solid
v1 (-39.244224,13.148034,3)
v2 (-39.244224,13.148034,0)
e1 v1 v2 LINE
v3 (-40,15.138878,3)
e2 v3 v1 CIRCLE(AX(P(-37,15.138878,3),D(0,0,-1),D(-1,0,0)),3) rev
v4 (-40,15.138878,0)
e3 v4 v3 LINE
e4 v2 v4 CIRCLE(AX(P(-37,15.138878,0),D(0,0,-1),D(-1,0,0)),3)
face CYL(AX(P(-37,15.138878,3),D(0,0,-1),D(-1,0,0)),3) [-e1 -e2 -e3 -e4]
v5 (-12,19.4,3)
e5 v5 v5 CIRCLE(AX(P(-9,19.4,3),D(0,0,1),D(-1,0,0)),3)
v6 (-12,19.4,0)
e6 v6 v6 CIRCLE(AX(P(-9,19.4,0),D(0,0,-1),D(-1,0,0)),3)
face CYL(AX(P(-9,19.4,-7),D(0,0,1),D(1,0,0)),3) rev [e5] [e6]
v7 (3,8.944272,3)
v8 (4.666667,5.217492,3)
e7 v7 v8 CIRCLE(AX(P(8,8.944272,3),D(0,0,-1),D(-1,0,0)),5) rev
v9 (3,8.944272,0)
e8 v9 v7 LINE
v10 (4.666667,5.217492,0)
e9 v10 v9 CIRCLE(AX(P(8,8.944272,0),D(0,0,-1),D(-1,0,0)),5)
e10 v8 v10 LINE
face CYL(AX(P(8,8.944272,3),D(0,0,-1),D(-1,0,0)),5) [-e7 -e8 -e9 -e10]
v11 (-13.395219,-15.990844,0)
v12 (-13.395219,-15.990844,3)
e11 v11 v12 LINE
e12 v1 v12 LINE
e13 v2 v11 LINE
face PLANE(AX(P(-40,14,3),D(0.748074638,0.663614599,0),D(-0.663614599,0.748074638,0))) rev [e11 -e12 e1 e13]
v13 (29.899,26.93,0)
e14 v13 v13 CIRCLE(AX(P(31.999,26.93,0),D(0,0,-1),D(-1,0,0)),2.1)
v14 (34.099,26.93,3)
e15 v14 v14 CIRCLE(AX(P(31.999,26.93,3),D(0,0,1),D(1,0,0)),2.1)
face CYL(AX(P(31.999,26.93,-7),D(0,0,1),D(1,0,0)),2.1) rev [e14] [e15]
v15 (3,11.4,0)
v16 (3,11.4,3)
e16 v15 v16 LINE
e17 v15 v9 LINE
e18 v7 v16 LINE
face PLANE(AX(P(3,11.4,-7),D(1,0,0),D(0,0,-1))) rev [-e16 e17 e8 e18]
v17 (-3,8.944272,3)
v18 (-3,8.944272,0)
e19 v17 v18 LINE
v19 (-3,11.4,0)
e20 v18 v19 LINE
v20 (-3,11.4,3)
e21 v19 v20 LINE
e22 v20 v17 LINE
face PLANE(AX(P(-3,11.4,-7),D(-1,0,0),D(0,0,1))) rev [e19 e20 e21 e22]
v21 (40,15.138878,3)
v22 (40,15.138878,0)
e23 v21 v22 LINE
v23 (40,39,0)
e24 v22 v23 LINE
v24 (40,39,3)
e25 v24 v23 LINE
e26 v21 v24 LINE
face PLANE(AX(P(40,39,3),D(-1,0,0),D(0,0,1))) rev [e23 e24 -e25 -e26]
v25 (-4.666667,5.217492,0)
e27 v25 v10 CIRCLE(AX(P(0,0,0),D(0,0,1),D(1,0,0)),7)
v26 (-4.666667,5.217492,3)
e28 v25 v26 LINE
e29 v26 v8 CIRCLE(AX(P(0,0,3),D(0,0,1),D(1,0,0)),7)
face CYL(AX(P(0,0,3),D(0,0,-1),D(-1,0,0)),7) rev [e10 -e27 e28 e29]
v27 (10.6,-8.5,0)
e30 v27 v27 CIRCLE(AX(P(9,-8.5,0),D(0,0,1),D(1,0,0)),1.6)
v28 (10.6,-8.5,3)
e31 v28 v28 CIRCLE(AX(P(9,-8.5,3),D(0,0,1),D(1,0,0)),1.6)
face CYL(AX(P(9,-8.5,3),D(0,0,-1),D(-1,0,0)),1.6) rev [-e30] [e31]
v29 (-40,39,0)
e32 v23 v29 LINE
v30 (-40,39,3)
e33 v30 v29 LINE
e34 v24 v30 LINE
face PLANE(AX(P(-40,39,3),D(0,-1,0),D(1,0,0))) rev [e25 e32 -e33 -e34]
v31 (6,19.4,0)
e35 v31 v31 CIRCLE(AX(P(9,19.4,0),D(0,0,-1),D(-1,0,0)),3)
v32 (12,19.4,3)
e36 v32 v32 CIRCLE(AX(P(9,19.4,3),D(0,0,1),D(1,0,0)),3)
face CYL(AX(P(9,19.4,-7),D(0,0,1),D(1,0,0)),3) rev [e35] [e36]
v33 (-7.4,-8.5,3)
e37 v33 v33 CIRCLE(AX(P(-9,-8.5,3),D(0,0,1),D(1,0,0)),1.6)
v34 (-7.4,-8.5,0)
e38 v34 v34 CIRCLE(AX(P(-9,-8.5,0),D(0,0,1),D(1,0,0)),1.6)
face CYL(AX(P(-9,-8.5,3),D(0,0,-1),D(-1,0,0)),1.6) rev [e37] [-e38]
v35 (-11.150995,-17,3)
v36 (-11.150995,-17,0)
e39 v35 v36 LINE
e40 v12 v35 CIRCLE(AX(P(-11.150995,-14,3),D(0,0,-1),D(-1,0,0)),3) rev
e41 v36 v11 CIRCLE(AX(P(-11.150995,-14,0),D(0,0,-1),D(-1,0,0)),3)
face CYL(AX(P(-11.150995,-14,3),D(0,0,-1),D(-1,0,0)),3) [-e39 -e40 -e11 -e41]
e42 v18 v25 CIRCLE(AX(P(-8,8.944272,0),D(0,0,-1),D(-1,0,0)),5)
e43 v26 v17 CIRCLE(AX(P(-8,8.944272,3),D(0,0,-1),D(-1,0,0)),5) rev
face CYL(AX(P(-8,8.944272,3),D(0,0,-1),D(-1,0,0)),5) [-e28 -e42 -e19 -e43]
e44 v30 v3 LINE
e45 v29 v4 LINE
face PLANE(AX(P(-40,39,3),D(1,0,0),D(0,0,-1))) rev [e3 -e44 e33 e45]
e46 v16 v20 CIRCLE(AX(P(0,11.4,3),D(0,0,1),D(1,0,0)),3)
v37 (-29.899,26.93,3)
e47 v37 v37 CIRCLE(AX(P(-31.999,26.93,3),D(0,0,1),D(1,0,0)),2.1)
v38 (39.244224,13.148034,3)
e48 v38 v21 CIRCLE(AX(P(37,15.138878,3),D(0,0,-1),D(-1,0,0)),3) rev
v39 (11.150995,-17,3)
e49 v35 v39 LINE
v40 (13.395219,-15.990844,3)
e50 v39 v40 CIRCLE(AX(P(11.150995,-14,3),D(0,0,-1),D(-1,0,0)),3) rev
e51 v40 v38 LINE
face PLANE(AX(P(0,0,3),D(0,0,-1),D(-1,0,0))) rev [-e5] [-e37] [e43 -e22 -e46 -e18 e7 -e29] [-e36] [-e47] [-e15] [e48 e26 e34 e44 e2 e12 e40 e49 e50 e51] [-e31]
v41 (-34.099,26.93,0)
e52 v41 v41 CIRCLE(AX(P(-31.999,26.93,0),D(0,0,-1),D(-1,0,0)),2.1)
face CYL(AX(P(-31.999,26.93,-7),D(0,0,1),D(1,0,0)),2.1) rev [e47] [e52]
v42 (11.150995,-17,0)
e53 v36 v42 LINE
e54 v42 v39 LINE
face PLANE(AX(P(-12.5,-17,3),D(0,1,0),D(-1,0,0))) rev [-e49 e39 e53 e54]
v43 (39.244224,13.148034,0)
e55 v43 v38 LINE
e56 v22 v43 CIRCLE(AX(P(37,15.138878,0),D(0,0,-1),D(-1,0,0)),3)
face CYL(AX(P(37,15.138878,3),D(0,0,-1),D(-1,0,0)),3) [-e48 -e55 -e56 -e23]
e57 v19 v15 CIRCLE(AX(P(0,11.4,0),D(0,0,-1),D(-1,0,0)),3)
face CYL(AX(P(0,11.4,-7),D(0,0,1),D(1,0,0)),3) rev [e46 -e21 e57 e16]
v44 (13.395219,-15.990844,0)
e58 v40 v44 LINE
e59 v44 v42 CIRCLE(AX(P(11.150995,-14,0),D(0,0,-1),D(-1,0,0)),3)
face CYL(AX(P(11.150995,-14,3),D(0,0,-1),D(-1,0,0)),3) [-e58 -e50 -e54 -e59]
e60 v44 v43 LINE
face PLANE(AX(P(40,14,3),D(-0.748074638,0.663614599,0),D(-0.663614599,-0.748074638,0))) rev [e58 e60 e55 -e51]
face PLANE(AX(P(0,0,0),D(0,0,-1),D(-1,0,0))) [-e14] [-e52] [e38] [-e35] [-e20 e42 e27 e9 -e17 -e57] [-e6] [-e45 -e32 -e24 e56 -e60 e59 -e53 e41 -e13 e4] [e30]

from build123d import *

# Parameters (mm, degrees)
SKETCH2_R           = 7
SKETCH2_R_2         = 1.6
BOSS_EXTRUDE1_DEPTH = 3
SKETCH3_R           = 2.1
CUT_EXTRUDE1_DEPTH  = 10
FILLET1_R           = 3
SKETCH4_R           = 3
CUT_EXTRUDE2_DEPTH  = 10
FILLET2_R           = 5


with BuildPart() as part:
    # Sketch2 → Boss-Extrude1 (new body)
    with BuildSketch(Plane.XY):
        Polygon((-12.5, -17), (12.5, -17), (40, 14), (40, 39), (-40, 39), (-40, 14), align=None)
        Circle(SKETCH2_R, mode=Mode.SUBTRACT)
        with Locations((-9, -8.5)):
            Circle(SKETCH2_R_2, mode=Mode.SUBTRACT)
        with Locations((9, -8.5)):
            Circle(SKETCH2_R_2, mode=Mode.SUBTRACT)
    extrude(amount=BOSS_EXTRUDE1_DEPTH)

    # Sketch3 → Cut-Extrude1 (cut)
    with BuildSketch(Plane.XY.offset(3)):
        with Locations((31.999, 26.93)):
            Circle(SKETCH3_R)
        with Locations((-31.999, 26.93)):
            Circle(SKETCH3_R)
    extrude(amount=-CUT_EXTRUDE1_DEPTH, mode=Mode.SUBTRACT)

    # Fillet1
    fillet1_edges = [part.edges().sort_by_distance(p)[0] for p in [
        (-40, 14, 1.5),
        (40, 14, 1.5),
        (12.5, -17, 1.5),
        (-12.5, -17, 1.5),
    ]]
    fillet(fillet1_edges, radius=FILLET1_R)

    # Sketch4 → Cut-Extrude2 (cut)
    with BuildSketch(Plane.XY.offset(3)):
        with Locations((9, 19.4)):
            Circle(SKETCH4_R)
        with Locations((-9, 19.4)):
            Circle(SKETCH4_R)
        with BuildLine():
            Line((-3, 11.4), (-3, 6.32455532))
            ThreePointArc((-3, 6.32455532), (0, 7), (3, 6.32455532))
            Line((3, 6.32455532), (3, 11.4))
            ThreePointArc((3, 11.4), (0, 14.4), (-3, 11.4))
        make_face()
    extrude(amount=-CUT_EXTRUDE2_DEPTH, mode=Mode.SUBTRACT)

    # Fillet2
    fillet2_edges = [part.edges().sort_by_distance(p)[0] for p in [
        (-3, 6.32455532, 1.5),
        (3, 6.32455532, 1.5),
    ]]
    fillet(fillet2_edges, radius=FILLET2_R)


solid = part.part
